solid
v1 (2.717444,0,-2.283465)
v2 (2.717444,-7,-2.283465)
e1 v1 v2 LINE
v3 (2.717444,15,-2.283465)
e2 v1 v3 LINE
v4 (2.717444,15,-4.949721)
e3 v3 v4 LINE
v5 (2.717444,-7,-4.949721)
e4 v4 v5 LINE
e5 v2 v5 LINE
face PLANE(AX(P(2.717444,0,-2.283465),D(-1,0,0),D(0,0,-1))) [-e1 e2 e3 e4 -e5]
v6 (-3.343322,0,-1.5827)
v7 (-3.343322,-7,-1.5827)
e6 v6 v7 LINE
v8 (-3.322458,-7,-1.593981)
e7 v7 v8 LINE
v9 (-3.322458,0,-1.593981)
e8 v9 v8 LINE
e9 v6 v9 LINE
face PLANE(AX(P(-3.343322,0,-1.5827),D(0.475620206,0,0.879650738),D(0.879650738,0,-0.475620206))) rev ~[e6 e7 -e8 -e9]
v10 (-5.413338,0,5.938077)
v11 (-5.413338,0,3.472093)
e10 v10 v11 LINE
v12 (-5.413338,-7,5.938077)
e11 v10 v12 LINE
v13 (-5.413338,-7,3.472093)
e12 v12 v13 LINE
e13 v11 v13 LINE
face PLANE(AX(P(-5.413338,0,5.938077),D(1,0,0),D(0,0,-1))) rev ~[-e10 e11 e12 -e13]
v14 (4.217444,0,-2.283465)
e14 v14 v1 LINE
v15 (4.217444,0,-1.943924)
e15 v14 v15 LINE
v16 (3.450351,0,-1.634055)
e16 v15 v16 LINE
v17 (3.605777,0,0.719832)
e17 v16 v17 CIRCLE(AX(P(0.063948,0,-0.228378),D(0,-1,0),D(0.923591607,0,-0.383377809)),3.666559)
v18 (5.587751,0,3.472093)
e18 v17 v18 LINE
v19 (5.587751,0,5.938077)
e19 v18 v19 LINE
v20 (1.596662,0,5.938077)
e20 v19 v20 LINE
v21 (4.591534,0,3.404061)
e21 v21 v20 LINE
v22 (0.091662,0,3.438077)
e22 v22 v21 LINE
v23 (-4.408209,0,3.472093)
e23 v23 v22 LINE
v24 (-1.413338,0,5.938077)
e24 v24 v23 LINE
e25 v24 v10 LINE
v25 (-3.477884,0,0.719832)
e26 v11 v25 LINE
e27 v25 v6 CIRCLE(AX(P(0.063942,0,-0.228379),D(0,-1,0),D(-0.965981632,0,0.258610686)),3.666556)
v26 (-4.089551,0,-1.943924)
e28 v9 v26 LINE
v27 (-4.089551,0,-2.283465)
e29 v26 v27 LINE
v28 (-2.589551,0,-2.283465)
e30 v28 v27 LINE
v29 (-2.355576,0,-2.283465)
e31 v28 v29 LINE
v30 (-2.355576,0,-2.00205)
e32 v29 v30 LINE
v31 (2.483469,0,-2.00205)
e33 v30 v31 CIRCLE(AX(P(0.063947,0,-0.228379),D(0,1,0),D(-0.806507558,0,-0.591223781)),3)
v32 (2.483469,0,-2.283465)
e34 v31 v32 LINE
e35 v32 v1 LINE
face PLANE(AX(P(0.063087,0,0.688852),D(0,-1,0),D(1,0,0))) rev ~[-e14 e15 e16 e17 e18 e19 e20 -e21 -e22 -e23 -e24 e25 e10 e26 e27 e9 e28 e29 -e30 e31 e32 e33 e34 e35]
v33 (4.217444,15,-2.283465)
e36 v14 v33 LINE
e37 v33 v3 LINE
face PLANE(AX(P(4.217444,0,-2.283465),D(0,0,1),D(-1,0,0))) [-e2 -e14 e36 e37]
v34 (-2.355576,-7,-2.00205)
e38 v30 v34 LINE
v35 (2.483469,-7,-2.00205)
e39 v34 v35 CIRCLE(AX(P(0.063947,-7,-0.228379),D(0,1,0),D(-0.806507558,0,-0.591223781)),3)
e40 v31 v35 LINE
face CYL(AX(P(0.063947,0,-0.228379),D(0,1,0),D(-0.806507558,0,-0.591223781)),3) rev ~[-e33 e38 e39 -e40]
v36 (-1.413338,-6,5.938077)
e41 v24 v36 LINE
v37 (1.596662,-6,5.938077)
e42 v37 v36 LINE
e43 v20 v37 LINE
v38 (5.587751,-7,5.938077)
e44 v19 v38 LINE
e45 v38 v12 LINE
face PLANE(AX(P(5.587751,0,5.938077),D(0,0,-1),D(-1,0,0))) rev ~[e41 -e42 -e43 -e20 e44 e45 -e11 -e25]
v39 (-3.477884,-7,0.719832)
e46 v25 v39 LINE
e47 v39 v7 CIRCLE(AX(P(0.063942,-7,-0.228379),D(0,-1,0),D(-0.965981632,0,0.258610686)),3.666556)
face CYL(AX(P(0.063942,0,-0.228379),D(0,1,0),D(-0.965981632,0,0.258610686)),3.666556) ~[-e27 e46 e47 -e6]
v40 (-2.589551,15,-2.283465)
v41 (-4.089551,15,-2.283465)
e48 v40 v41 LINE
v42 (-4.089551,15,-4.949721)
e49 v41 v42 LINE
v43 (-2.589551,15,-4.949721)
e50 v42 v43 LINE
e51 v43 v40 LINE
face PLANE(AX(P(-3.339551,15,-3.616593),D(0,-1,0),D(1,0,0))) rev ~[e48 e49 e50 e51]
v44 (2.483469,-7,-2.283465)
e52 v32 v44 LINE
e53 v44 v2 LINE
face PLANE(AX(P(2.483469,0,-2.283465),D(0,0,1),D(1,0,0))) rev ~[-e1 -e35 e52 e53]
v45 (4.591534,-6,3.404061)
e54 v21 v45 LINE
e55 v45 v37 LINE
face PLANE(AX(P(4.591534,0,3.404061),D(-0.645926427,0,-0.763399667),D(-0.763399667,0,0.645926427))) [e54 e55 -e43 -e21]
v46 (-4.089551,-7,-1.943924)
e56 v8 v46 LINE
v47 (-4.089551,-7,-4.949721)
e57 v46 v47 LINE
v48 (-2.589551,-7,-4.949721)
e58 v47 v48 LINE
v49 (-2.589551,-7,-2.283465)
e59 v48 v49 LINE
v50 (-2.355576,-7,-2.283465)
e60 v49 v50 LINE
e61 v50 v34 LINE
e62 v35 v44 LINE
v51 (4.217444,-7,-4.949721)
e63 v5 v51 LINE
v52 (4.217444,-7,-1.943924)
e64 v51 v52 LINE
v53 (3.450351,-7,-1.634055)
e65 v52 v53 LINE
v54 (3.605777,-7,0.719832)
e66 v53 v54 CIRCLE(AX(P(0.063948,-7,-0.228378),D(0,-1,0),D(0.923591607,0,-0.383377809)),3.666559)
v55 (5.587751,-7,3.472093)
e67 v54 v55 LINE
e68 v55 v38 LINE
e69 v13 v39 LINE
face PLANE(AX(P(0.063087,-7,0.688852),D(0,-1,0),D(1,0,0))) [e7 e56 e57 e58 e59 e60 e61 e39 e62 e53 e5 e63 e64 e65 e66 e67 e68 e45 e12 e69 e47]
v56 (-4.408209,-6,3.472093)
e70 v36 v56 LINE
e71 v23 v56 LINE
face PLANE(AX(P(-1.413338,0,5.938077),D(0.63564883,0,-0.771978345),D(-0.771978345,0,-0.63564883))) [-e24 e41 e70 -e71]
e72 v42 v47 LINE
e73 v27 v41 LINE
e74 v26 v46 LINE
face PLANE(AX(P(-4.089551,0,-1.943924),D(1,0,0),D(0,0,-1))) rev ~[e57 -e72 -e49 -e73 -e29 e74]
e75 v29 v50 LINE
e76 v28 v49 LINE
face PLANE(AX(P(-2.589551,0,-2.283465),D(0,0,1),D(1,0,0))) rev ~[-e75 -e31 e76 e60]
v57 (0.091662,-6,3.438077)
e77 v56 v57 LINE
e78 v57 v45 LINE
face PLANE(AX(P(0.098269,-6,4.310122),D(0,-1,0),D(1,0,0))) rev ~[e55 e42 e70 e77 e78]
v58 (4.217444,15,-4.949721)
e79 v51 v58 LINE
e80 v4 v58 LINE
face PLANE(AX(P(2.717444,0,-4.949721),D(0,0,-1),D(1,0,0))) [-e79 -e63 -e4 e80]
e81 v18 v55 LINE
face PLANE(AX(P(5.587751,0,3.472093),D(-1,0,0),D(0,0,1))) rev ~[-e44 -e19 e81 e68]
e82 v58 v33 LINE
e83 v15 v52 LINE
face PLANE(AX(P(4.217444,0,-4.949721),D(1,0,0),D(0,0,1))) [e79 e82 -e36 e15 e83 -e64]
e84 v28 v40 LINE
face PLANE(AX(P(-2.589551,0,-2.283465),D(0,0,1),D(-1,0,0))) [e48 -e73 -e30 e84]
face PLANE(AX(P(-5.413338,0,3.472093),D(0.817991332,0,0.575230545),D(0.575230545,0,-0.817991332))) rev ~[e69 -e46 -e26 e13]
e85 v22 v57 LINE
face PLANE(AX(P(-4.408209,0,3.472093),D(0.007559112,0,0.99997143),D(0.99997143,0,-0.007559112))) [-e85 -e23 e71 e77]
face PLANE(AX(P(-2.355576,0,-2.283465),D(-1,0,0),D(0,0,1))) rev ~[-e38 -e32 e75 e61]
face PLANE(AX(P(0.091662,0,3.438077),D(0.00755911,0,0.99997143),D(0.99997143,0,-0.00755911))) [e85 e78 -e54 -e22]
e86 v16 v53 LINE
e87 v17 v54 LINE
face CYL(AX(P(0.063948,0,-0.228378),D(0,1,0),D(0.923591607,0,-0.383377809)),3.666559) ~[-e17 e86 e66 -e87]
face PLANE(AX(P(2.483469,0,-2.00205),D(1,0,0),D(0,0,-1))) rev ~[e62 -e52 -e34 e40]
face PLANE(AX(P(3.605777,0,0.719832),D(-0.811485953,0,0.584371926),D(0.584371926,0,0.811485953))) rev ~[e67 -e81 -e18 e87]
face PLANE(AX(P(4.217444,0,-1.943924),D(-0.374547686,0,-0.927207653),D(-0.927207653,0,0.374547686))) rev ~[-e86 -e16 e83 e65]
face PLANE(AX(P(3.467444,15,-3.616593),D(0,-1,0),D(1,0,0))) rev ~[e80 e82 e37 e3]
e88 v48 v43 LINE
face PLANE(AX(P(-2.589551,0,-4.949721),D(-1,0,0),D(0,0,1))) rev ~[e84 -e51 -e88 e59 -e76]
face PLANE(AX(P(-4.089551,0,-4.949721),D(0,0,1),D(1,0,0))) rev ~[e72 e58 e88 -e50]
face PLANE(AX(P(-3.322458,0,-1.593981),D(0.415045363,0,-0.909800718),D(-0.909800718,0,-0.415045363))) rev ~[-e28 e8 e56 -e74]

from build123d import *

# Parameters (mm, degrees)
F1_DEPTH = 7
F2_DEPTH = 6
F3_DEPTH = 15


with BuildPart() as f1:
    # F0 (on Front) → F1 (new body)
    with BuildSketch(Plane.XZ):
        with BuildLine():
            ThreePointArc((-3.477884, 0.719832), (-3.596369, -0.44229), (-3.343322, -1.5827))
            Line((-3.343322, -1.5827), (-3.322458, -1.593981))
            Line((-3.322458, -1.593981), (-3.322458, -2.283465))
            Line((-3.322458, -2.283465), (-2.589551, -2.283465))
            Line((-2.589551, -2.283465), (-2.355576, -2.283465))
            Line((-2.355576, -2.283465), (-2.355576, -2.00205))
            ThreePointArc((-2.355576, -2.00205), (0.063946, 2.771621), (2.483469, -2.00205))
            Line((2.483469, -2.00205), (2.483469, -2.283465))
            Line((2.483469, -2.283465), (2.717444, -2.283465))
            Line((2.717444, -2.283465), (3.450351, -2.283465))
            Line((3.450351, -2.283465), (3.450351, -1.634055))
            ThreePointArc((3.450351, -1.634055), (3.72254, -0.469953), (3.605777, 0.719832))
            ThreePointArc((3.605777, 0.719832), (2.307299, 2.6718), (0.091662, 3.438077))
            ThreePointArc((0.091662, 3.438077), (-2.157419, 2.688675), (-3.477884, 0.719832))
        make_face()
        Polygon((-3.322458, -2.283465), (-3.322458, -1.593981), (-4.089551, -1.943924), (-4.089551, -2.283465), align=None)
        with BuildLine():
            Line((-5.413338, 3.472093), (-3.477884, 0.719832))
            ThreePointArc((-3.477884, 0.719832), (-2.157419, 2.688675), (0.091662, 3.438077))
            Line((0.091662, 3.438077), (-4.408209, 3.472093))
            Line((-4.408209, 3.472093), (-1.413338, 5.938077))
            Line((-1.413338, 5.938077), (-5.413338, 5.938077))
            Line((-5.413338, 5.938077), (-5.413338, 3.472093))
        make_face()
        Polygon((-2.589551, -2.283465), (-3.322458, -2.283465), (-4.089551, -2.283465), (-4.089551, -4.949721), (-3.322458, -4.949721), (-2.589551, -4.949721), align=None)
        with BuildLine():
            Line((4.591534, 3.404061), (0.091662, 3.438077))
            ThreePointArc((0.091662, 3.438077), (2.307299, 2.6718), (3.605777, 0.719832))
            Line((3.605777, 0.719832), (5.587751, 3.472093))
            Line((5.587751, 3.472093), (5.587751, 5.938077))
            Line((5.587751, 5.938077), (1.596662, 5.938077))
            Line((1.596662, 5.938077), (4.591534, 3.404061))
        make_face()
        Polygon((-4.408209, 3.472093), (0.091662, 3.438077), (4.591534, 3.404061), (1.596662, 5.938077), (-1.413338, 5.938077), align=None)
        Polygon((4.217444, -1.943924), (3.450351, -1.634055), (3.450351, -2.283465), (4.217444, -2.283465), align=None)
        Polygon((4.217444, -2.283465), (3.450351, -2.283465), (2.717444, -2.283465), (2.717444, -4.949721), (3.450351, -4.949721), (4.217444, -4.949721), align=None)
    extrude(amount=F1_DEPTH)

    # F0 (on Front) → F2 (cut)
    with BuildSketch(Plane.XZ):
        Polygon((-4.408209, 3.472093), (0.091662, 3.438077), (4.591534, 3.404061), (1.596662, 5.938077), (-1.413338, 5.938077), align=None)
    extrude(amount=F2_DEPTH, mode=Mode.SUBTRACT)

    # F0 (on Front) → F3 (join)
    with BuildSketch(Plane.XZ):
        Polygon((4.217444, -2.283465), (3.450351, -2.283465), (2.717444, -2.283465), (2.717444, -4.949721), (3.450351, -4.949721), (4.217444, -4.949721), align=None)
        Polygon((-2.589551, -2.283465), (-3.322458, -2.283465), (-4.089551, -2.283465), (-4.089551, -4.949721), (-3.322458, -4.949721), (-2.589551, -4.949721), align=None)
    extrude(amount=-F3_DEPTH)


solid = f1.part
